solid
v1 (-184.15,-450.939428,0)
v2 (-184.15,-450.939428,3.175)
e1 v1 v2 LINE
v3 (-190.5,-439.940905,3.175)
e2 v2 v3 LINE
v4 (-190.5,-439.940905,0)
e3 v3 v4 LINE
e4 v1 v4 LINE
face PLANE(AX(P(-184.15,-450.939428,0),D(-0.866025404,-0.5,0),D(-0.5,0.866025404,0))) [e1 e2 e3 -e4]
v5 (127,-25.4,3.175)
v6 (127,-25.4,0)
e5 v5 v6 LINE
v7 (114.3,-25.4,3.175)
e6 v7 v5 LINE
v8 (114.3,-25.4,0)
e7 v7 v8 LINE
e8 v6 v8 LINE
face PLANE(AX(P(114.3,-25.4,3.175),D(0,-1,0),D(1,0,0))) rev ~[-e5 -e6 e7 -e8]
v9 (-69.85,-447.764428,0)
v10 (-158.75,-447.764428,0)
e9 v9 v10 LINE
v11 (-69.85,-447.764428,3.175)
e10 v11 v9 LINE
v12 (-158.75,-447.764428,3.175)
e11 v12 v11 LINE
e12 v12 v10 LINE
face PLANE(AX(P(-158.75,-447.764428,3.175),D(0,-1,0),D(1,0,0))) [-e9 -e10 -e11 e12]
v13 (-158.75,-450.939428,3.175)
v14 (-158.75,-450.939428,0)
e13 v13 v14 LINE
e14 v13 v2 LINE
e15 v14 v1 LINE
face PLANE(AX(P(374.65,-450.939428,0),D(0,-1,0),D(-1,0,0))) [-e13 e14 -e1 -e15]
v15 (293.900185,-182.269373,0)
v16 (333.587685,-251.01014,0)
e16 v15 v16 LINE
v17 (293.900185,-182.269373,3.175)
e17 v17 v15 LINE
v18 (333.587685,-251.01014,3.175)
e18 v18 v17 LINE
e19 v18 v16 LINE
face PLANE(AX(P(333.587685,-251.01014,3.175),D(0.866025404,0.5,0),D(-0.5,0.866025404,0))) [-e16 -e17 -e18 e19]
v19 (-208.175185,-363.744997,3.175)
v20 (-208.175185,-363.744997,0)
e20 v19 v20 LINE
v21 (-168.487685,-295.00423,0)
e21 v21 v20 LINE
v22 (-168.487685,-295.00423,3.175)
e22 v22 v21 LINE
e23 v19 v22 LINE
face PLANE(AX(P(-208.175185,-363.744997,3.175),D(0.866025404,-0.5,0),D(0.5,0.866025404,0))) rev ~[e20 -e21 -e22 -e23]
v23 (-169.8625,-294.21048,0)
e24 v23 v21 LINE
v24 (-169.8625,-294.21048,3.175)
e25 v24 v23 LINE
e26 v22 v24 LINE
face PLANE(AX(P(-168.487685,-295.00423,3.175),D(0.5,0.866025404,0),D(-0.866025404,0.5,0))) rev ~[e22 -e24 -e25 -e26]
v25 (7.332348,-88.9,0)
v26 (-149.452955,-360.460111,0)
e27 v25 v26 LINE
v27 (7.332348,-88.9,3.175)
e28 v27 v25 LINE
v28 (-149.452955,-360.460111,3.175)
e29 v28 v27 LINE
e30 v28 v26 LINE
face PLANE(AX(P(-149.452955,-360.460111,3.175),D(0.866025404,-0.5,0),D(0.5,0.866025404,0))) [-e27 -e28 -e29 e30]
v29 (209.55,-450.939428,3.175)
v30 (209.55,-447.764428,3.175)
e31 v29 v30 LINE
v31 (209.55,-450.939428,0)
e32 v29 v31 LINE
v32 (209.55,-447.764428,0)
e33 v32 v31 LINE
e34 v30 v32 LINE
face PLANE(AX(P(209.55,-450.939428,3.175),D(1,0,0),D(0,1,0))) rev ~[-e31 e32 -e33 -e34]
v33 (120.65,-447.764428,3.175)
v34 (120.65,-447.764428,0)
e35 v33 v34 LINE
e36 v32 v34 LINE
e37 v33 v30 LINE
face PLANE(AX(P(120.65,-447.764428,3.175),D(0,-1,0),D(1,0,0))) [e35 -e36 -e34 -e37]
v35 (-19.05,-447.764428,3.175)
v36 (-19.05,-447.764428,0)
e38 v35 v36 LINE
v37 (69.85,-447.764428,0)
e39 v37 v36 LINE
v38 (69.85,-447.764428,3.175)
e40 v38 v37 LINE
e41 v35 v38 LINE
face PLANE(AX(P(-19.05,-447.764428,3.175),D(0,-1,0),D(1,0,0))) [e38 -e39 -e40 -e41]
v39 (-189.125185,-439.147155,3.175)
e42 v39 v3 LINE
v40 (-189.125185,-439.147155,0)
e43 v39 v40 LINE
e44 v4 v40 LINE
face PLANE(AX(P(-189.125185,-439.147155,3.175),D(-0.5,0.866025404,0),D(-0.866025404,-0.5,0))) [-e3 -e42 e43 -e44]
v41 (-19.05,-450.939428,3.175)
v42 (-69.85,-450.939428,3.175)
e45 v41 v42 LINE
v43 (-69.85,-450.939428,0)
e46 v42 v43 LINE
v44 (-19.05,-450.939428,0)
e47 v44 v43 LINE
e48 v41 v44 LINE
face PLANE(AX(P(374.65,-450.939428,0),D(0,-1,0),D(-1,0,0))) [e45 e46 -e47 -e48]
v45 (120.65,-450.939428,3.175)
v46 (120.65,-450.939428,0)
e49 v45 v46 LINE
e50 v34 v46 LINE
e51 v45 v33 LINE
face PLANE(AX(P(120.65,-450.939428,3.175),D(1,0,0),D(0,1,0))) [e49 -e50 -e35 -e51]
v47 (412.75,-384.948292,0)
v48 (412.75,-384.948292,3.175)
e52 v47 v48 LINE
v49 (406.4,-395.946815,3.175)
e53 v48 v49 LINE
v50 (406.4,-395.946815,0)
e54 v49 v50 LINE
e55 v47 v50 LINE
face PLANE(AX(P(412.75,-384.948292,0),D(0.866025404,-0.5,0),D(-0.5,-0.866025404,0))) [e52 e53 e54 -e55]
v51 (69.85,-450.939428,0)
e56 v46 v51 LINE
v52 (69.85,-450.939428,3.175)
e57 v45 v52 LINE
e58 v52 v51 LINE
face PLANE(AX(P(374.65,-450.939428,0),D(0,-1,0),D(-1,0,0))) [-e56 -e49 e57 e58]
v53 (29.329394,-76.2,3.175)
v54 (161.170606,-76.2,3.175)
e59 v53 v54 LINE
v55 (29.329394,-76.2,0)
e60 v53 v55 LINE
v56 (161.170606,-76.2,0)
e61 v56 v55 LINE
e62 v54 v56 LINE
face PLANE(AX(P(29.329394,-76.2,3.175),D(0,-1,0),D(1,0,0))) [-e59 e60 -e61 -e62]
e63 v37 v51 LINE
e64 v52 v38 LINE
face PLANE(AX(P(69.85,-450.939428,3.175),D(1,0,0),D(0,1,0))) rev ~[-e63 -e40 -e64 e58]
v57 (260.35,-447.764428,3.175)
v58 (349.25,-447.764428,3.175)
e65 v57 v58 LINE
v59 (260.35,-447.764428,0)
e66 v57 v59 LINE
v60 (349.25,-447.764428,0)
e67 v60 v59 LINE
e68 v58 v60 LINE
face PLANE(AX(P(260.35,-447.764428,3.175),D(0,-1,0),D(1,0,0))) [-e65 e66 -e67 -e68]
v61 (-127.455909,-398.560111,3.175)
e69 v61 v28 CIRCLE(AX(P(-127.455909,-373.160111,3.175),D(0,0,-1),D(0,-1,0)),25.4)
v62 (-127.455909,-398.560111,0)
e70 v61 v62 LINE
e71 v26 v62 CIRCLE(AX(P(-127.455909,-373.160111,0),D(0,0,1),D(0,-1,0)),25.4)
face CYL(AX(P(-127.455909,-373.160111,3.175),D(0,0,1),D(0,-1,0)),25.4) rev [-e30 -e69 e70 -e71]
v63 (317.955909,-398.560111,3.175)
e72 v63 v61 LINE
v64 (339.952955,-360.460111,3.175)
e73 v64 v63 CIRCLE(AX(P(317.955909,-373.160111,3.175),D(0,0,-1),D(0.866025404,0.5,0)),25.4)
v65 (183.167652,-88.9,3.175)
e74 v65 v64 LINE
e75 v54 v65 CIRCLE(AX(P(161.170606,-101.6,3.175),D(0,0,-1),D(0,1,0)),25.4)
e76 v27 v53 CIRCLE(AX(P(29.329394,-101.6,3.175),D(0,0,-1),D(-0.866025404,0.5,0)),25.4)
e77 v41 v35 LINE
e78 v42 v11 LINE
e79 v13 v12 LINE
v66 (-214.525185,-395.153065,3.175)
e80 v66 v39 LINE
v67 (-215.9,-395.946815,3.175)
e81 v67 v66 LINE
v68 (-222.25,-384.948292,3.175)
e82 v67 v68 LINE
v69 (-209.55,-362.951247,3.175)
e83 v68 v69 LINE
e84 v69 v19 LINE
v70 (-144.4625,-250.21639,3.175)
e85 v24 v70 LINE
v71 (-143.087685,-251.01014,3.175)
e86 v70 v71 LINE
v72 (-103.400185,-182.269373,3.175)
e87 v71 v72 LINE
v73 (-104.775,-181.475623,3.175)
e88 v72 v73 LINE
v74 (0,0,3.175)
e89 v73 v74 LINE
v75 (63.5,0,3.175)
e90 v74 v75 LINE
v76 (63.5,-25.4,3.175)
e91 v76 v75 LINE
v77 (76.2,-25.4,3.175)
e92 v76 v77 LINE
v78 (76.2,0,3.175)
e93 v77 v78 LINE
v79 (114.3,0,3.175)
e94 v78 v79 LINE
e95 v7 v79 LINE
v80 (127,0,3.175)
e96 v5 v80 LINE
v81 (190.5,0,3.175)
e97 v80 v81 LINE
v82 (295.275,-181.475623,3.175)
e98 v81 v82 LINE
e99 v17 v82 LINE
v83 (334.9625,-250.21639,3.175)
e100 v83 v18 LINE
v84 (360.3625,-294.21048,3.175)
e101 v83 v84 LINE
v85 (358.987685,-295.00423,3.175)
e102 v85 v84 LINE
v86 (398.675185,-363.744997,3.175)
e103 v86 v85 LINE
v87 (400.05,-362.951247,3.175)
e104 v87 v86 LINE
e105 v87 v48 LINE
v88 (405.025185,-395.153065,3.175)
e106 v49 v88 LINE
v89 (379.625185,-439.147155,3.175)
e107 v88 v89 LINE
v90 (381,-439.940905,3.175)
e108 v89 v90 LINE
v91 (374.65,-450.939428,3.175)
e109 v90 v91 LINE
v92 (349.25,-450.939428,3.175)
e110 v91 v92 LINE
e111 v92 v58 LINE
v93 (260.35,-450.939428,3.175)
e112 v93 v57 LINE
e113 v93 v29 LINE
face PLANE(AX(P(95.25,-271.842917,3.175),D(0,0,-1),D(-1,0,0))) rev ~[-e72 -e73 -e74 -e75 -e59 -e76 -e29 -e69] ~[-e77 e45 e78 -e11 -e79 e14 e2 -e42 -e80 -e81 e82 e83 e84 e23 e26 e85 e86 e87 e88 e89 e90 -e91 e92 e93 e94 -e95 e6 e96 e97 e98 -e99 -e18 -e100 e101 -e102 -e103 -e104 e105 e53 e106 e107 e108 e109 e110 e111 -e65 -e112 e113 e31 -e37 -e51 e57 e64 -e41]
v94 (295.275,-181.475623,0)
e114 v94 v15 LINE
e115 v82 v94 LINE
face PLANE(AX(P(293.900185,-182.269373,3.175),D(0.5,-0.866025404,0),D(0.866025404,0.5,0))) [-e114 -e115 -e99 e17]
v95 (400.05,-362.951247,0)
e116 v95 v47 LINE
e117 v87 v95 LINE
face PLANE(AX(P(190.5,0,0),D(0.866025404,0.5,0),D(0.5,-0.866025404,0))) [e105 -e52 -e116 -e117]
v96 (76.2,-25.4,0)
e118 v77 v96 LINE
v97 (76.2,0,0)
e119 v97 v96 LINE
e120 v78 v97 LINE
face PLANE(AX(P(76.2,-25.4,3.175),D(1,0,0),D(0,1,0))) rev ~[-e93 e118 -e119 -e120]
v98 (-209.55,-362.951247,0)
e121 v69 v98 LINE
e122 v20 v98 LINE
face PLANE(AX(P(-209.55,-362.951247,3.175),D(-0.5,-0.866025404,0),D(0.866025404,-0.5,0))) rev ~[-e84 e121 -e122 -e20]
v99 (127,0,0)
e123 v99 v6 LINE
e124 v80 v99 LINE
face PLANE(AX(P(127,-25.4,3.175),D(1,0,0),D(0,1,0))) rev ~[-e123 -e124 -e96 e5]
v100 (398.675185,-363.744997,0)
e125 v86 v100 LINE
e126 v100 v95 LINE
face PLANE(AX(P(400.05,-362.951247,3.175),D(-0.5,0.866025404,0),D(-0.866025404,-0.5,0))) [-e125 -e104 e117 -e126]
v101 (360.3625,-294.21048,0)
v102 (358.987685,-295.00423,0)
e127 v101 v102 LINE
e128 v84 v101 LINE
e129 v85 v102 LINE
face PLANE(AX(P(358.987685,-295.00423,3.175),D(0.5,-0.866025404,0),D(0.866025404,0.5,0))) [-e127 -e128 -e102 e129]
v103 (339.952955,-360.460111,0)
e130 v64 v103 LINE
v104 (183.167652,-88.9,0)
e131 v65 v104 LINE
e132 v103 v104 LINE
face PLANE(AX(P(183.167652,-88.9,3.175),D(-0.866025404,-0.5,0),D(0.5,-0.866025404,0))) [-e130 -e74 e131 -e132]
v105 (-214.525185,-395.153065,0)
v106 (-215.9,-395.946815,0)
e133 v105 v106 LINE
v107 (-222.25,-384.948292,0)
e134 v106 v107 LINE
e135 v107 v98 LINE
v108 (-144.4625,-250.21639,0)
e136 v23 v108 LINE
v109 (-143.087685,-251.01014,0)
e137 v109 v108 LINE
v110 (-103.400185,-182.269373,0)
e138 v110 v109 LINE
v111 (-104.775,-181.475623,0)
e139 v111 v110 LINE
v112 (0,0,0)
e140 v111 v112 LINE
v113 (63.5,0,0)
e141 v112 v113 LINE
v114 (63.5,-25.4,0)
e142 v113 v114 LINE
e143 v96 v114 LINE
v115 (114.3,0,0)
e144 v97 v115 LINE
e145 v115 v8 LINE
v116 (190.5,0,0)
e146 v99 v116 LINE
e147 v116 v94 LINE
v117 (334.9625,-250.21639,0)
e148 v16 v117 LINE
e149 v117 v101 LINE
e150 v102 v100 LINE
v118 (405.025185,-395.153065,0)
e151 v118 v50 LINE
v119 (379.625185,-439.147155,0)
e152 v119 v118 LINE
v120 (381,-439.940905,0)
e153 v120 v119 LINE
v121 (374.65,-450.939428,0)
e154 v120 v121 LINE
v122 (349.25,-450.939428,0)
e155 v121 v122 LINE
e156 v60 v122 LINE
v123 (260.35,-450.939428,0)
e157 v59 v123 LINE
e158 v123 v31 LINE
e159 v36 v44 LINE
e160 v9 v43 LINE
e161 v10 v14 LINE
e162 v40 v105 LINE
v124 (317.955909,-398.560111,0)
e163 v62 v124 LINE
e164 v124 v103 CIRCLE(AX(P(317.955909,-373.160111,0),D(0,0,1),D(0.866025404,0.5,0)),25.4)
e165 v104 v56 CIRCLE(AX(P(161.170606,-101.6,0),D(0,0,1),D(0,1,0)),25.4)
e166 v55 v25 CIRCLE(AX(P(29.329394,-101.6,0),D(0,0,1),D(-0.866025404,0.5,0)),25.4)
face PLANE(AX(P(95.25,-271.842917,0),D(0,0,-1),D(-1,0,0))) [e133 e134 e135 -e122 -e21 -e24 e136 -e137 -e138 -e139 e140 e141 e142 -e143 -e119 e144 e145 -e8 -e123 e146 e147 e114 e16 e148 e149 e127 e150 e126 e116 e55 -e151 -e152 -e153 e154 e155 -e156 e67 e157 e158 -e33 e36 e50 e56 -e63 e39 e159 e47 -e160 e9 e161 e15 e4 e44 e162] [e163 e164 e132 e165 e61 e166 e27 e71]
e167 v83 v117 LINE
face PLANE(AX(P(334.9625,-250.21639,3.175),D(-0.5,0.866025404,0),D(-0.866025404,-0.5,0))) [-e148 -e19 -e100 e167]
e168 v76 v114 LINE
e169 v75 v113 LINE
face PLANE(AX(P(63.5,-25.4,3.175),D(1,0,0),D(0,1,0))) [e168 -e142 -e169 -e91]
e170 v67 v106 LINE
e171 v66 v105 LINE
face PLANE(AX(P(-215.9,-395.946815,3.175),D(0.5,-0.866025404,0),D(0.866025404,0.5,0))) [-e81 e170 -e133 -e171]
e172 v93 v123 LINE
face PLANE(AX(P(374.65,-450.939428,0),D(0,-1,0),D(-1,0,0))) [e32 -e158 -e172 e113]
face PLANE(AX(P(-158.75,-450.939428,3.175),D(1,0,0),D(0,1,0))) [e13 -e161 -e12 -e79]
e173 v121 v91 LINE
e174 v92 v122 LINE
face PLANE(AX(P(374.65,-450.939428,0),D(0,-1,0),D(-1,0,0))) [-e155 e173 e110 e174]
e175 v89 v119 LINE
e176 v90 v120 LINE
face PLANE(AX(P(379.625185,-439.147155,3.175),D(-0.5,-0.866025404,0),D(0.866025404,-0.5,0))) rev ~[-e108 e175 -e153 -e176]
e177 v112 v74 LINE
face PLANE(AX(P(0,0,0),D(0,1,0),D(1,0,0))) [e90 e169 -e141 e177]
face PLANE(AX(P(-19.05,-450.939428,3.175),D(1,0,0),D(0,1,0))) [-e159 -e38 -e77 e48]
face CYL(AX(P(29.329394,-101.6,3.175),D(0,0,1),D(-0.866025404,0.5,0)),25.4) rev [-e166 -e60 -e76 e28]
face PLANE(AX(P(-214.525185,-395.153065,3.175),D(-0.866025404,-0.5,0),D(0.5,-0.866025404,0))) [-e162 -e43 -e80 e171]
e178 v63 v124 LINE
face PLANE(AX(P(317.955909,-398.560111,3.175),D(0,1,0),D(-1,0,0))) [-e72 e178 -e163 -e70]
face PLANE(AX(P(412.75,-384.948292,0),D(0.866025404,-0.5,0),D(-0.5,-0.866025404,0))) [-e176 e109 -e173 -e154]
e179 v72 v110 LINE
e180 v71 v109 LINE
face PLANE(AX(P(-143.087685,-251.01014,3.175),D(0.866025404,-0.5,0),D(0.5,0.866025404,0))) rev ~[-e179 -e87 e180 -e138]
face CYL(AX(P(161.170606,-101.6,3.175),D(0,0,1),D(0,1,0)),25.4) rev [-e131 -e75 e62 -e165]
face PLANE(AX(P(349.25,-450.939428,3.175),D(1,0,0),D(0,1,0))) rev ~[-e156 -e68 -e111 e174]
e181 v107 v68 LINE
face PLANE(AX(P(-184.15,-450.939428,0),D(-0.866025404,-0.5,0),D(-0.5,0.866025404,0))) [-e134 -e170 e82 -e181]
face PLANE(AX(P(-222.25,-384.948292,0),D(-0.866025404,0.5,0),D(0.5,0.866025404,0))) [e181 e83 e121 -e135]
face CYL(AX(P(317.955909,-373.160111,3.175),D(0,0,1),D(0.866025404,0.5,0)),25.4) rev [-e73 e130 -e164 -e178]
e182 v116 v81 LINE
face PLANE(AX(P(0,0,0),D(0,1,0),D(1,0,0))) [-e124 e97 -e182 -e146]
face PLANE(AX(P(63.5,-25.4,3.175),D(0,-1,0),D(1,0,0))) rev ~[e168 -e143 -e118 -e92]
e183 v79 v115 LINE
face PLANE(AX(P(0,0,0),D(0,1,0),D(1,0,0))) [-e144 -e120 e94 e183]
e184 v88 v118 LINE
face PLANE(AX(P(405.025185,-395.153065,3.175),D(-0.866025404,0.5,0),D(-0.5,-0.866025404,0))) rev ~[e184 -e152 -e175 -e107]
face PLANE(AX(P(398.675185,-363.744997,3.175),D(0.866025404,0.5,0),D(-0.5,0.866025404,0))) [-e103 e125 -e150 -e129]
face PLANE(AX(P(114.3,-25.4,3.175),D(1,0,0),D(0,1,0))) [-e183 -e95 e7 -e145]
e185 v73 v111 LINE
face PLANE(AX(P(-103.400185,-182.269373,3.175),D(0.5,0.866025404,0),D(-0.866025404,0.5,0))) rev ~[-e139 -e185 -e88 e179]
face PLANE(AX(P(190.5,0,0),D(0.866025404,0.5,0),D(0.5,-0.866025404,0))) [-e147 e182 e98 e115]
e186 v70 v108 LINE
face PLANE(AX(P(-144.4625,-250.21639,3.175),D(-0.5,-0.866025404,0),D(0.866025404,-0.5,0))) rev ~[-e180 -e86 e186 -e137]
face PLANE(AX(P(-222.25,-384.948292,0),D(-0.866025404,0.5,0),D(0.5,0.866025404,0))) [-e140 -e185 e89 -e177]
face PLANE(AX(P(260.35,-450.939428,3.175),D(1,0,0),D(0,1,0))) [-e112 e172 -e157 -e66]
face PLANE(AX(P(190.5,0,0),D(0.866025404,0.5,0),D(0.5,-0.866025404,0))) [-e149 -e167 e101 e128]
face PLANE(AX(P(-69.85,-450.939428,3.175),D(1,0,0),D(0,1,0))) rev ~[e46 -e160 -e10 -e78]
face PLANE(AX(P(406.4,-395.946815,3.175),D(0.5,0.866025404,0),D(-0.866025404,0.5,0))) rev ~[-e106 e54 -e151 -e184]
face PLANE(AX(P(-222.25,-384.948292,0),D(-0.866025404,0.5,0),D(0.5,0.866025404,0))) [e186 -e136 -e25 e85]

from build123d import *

# Parameters (mm, degrees)
BOSS_EXTRUDE1_DEPTH = 3.175
SKETCH2_W           = 12.7
SKETCH2_H           = 25.4
CUT_EXTRUDE1_DEPTH  = 612.325617511
SKETCH4_W           = 88.9
SKETCH4_H           = 3.175
CUT_EXTRUDE2_DEPTH  = 612.325617511
CUT_EXTRUDE3_DEPTH  = 612.325617511


with BuildPart() as part:
    # Sketch1 → Boss-Extrude1 (new body)
    with BuildSketch(Plane.XY):
        Polygon((0, 0), (190.5, 0), (412.75, -384.948291982), (374.65, -450.939427751), (-184.15, -450.939427751), (-222.25, -384.948291982), align=None)
    extrude(amount=BOSS_EXTRUDE1_DEPTH)

    # Sketch2 → Cut-Extrude1 (cut, through all)
    with BuildSketch(Plane.XY.offset(3.175)):
        with Locations((69.85, -12.7)):
            Rectangle(SKETCH2_W, SKETCH2_H)
        with BuildLine():
            Line((29.329393675, -76.2), (161.170606325, -76.2))
            ThreePointArc((161.170606325, -76.2), (173.870606325, -79.602954744), (183.167651581, -88.9))
            Line((183.167651581, -88.9), (339.952954744, -360.460110958))
            ThreePointArc((339.952954744, -360.460110958), (339.952954744, -385.860110958), (317.955909488, -398.560110958))
            Line((317.955909488, -398.560110958), (-127.455909488, -398.560110958))
            ThreePointArc((-127.455909488, -398.560110958), (-149.452954744, -385.860110958), (-149.452954744, -360.460110958))
            Line((-149.452954744, -360.460110958), (7.332348419, -88.9))
            ThreePointArc((7.332348419, -88.9), (16.629393675, -79.602954744), (29.329393675, -76.2))
        make_face()
        with Locations((120.65, -12.7)):
            Rectangle(SKETCH2_W, SKETCH2_H)
    extrude(amount=-CUT_EXTRUDE1_DEPTH, mode=Mode.SUBTRACT)

    # Sketch4 → Cut-Extrude2 (cut, through all)
    with BuildSketch(Plane.XY.offset(3.175)):
        with Locations((-114.3, -449.351927751)):
            Rectangle(SKETCH4_W, SKETCH4_H)
        with Locations((25.4, -449.351927751)):
            Rectangle(SKETCH4_W, SKETCH4_H)
        with Locations((165.1, -449.351927751)):
            Rectangle(SKETCH4_W, SKETCH4_H)
        with Locations((304.8, -449.351927751)):
            Rectangle(SKETCH4_W, SKETCH4_H)
        Polygon((-215.9, -395.94681461), (-214.525184671, -395.15306461), (-189.125184671, -439.147155122), (-190.5, -439.940905122), align=None)
        Polygon((406.4, -395.94681461), (405.025184671, -395.15306461), (379.625184671, -439.147155122), (381, -439.940905122), align=None)
    extrude(amount=-CUT_EXTRUDE2_DEPTH, mode=Mode.SUBTRACT)

    # Sketch5 → Cut-Extrude3 (cut, through all)
    with BuildSketch(Plane.XY.offset(3.175)):
        Polygon((-209.55, -362.951246726), (-208.175184671, -363.744996726), (-168.487684671, -295.004230301), (-169.8625, -294.210480301), align=None)
        Polygon((-143.087684671, -251.010139788), (-103.400184671, -182.269373363), (-104.775, -181.475623363), (-144.4625, -250.216389788), align=None)
        Polygon((400.05, -362.951246726), (398.675184671, -363.744996726), (358.987684671, -295.004230301), (360.3625, -294.210480301), align=None)
        Polygon((334.9625, -250.216389788), (333.587684671, -251.010139788), (293.900184671, -182.269373363), (295.275, -181.475623363), align=None)
    extrude(amount=-CUT_EXTRUDE3_DEPTH, mode=Mode.SUBTRACT)


solid = part.part
